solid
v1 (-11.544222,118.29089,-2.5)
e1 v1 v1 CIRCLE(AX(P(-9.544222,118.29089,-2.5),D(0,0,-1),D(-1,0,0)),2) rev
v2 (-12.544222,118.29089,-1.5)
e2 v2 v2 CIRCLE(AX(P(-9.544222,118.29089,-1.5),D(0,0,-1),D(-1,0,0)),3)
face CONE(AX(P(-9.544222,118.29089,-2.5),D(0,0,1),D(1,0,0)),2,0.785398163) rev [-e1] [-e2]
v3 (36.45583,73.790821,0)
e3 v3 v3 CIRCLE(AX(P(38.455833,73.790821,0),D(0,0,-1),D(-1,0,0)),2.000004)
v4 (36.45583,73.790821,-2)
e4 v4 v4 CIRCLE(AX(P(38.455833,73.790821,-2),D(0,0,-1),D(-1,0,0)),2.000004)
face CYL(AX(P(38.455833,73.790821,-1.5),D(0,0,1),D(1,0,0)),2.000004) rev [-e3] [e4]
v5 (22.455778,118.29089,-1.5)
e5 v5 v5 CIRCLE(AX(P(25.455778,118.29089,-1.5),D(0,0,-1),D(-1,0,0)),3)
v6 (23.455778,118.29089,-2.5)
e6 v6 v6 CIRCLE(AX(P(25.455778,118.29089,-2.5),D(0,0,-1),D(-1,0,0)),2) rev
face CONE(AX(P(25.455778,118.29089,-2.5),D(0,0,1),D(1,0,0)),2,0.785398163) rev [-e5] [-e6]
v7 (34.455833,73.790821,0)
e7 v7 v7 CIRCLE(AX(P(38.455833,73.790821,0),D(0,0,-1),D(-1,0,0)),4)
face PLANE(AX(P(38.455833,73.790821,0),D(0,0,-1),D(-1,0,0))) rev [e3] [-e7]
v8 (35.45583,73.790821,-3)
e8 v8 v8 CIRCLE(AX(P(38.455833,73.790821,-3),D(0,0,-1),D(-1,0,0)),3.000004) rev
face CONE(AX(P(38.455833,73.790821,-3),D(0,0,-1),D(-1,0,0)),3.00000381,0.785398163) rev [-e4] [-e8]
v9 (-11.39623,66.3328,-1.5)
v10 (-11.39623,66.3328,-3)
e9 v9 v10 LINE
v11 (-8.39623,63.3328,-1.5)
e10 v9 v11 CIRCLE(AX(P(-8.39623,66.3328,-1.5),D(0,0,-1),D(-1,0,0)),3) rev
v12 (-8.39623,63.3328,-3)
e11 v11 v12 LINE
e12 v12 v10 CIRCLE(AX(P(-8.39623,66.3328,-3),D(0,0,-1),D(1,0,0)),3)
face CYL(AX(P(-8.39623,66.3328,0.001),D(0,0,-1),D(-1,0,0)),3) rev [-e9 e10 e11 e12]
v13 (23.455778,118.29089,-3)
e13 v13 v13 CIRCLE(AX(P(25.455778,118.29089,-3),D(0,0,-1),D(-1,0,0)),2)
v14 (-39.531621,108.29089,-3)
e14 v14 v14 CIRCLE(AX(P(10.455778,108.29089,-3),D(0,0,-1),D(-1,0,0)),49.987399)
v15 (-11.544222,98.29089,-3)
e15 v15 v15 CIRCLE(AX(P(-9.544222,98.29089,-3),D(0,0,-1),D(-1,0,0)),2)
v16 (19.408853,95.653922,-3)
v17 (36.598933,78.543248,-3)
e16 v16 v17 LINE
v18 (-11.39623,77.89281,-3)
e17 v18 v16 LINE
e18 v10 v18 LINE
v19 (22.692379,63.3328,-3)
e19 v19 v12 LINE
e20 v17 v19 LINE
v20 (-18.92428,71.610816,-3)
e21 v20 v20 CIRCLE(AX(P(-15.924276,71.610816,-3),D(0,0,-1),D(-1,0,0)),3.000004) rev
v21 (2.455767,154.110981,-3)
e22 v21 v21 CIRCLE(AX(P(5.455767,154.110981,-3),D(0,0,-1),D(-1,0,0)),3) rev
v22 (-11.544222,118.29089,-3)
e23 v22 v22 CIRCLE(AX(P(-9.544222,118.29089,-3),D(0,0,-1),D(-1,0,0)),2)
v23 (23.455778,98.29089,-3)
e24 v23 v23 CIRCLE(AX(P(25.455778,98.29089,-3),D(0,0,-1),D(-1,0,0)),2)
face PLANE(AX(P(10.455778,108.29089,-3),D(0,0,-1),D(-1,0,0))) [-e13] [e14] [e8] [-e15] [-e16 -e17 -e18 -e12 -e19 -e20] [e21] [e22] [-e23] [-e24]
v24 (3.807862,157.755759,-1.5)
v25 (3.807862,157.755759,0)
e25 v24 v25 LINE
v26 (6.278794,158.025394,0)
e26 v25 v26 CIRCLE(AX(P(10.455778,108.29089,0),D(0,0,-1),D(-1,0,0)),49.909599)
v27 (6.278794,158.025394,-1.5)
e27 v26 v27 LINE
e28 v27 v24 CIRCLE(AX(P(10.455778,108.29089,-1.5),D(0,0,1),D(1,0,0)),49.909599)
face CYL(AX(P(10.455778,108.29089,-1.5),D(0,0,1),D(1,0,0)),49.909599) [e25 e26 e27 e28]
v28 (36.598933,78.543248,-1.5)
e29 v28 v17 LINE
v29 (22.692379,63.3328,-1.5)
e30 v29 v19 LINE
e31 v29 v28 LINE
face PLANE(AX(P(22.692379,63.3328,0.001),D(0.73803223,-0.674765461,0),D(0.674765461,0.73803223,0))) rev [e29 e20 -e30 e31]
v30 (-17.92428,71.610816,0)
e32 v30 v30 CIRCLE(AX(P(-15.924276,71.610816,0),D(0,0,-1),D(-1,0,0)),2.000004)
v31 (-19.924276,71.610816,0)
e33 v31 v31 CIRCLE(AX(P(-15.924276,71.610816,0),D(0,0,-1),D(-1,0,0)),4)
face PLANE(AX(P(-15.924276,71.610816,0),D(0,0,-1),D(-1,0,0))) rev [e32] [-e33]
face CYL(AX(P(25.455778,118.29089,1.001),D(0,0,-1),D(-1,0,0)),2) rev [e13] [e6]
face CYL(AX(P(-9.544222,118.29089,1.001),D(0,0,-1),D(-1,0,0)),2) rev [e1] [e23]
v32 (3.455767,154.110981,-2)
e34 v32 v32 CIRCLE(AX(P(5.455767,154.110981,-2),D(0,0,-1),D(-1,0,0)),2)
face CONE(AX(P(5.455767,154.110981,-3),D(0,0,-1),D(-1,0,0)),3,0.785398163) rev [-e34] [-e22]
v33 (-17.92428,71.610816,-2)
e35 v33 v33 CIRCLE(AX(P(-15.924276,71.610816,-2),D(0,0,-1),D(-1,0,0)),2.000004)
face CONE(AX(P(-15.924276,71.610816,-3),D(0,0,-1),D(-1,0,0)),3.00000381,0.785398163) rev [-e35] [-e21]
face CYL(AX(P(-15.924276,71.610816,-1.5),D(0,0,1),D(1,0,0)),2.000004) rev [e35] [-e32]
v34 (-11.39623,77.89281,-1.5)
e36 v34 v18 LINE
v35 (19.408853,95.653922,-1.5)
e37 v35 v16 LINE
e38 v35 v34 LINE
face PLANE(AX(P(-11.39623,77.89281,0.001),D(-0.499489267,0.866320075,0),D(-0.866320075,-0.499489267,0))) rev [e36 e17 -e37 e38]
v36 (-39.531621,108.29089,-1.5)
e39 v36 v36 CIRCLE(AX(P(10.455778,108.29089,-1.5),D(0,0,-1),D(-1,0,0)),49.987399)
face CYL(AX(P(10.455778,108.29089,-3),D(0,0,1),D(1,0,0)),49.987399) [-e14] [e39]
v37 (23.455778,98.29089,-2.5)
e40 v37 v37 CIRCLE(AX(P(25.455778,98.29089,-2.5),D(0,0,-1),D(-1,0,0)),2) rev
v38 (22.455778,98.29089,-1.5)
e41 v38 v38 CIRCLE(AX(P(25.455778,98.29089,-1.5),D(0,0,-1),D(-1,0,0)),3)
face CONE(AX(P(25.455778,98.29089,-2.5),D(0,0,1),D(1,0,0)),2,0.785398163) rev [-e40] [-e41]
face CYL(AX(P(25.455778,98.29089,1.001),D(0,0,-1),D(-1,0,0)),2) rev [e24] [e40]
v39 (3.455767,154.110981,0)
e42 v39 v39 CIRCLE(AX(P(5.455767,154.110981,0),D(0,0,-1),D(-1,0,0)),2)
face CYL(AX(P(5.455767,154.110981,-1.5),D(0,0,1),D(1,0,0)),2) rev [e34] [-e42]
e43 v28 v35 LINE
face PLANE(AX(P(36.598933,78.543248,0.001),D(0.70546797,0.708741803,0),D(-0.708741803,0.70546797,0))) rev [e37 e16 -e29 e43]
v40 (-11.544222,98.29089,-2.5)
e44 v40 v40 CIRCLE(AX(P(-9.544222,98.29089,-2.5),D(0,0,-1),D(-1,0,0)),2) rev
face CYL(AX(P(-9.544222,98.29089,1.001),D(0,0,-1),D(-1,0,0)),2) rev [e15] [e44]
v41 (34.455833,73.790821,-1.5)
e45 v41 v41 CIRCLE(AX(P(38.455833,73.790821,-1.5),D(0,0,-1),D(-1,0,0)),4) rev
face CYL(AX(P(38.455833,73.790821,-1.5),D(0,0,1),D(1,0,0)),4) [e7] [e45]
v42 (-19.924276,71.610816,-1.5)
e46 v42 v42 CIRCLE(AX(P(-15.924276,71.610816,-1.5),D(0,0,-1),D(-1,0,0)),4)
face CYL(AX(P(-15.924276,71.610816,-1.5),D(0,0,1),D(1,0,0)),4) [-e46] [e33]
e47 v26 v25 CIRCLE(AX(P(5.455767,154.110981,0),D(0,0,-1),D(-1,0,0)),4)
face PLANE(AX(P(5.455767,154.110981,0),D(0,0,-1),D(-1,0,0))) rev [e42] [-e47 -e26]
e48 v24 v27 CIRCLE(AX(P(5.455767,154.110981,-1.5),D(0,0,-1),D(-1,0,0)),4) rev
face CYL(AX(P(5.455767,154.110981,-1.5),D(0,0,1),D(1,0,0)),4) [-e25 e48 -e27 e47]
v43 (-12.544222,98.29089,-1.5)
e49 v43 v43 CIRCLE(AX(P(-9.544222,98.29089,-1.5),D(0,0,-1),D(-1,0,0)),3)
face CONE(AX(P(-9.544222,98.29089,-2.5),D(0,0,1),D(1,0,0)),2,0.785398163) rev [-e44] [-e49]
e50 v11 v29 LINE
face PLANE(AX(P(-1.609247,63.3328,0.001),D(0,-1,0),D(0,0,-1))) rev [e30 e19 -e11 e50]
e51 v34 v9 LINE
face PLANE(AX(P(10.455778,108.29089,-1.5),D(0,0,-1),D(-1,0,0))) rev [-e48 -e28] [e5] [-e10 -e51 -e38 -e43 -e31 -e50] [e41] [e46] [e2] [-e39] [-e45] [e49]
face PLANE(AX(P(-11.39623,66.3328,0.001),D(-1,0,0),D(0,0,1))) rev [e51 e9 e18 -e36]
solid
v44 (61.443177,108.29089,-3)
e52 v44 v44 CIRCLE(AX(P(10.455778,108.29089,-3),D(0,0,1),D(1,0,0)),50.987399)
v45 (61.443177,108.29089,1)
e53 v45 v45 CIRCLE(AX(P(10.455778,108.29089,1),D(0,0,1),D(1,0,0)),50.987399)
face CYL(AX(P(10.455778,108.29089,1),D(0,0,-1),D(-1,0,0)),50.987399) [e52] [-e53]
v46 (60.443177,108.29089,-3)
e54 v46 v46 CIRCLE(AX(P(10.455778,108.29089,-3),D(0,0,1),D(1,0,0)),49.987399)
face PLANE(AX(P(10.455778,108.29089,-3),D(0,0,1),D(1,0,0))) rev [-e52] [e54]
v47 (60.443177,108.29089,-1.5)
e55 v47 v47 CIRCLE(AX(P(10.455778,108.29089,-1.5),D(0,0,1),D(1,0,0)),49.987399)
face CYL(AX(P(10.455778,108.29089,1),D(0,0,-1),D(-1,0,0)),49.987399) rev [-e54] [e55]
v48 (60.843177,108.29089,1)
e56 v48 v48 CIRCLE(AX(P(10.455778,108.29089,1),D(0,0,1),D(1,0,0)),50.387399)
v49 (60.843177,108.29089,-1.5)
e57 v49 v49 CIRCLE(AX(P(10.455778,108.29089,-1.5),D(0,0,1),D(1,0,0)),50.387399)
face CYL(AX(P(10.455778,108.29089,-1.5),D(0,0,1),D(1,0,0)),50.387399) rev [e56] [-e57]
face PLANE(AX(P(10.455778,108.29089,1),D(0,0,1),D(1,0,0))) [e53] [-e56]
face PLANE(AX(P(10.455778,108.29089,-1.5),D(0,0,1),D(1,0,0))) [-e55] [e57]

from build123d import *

# Parameters (mm, degrees)
SKETCH1_R             = 4
SKETCH1_R_2           = 2.00000381
BOSS_EXTRUDE1_DEPTH   = 1.5
BOSS_EXTRUDE1_2_DEPTH = 1.5
SKETCH1_R_3           = 2
BOSS_EXTRUDE1_3_DEPTH = 1.5
SKETCH2_R             = 49.987399035
BOSS_EXTRUDE2_DEPTH   = 1.5
CUT_EXTRUDE1_REACH    = 171.433
SKETCH3_R             = 2
SKETCH3_R_2           = 2.00000381
CHAMFER1_SIZE         = 1
CUT_EXTRUDE7_REACH    = 171.453
SKETCH5_R             = 50.987399035
SKETCH5_R_2           = 49.987399035
BOSS_EXTRUDE3_DEPTH   = 4
SKETCH6_R             = 50.387399035
SKETCH6_R_2           = 49.909599328
CUT_EXTRUDE8_DEPTH    = 2.5
SKETCH7_R             = 2
CUT_EXTRUDE9_DEPTH    = 1.5
CHAMFER2_SIZE         = 1


with BuildPart() as part:
    # Sketch1 → Boss-Extrude1 (new body)
    with BuildSketch(Plane(origin=(0, 0, 0), x_dir=(-1, 0, 0), z_dir=(0, 0, -1))):
        with Locations((15.924275789, 71.610816006)):
            Circle(SKETCH1_R)
        with Locations((15.924275789, 71.610816006)):
            Circle(SKETCH1_R_2, mode=Mode.SUBTRACT)
    extrude(amount=BOSS_EXTRUDE1_DEPTH)



with BuildPart() as body_2:
    # Sketch1 → Boss-Extrude1 2 (new body)
    with BuildSketch(Plane(origin=(0, 0, 0), x_dir=(-1, 0, 0), z_dir=(0, 0, -1))):
        with Locations((-38.455833431, 73.790821086)):
            Circle(SKETCH1_R)
        with Locations((-38.455833431, 73.790821086)):
            Circle(SKETCH1_R_2, mode=Mode.SUBTRACT)
    extrude(amount=BOSS_EXTRUDE1_2_DEPTH)


with BuildPart() as body_3:
    # Sketch1 → Boss-Extrude1 3 (new body)
    with BuildSketch(Plane(origin=(0, 0, 0), x_dir=(-1, 0, 0), z_dir=(0, 0, -1))):
        with Locations((-5.455767391, 154.110981107)):
            Circle(SKETCH1_R)
        with Locations((-5.455767391, 154.110981107)):
            Circle(SKETCH1_R_3, mode=Mode.SUBTRACT)
    extrude(amount=BOSS_EXTRUDE1_3_DEPTH)


with BuildPart() as part_1:
    add(part.part)

    add(body_2.part)  # Boss-Extrude2 merges body 2

    add(body_3.part)  # Boss-Extrude2 merges body 3
    # Sketch2 → Boss-Extrude2 (add)
    with BuildSketch(Plane(origin=(0, 0, -1.5), x_dir=(-1, 0, 0), z_dir=(0, 0, -1))):
        with Locations(Location((-10.455777551, 108.290889666, 0), (0, 0, 84.857617519))):
            Circle(SKETCH2_R)
    extrude(amount=BOSS_EXTRUDE2_DEPTH)

    # Sketch3 → Cut-Extrude1 (cut, up to next)
    with BuildSketch(Plane.XY.offset(-1.5), mode=Mode.PRIVATE) as cut_extrude1_sk1:
        with Locations(Location((5.455767391, 154.110981107, 0), (0, 0, 180))):
            Circle(SKETCH3_R)
    cut_extrude1_tool1 = extrude(cut_extrude1_sk1.sketch, amount=-CUT_EXTRUDE1_REACH, mode=Mode.PRIVATE) & part_1.part
    # Sketch3 → Cut-Extrude1 (cut, up to next)
    with BuildSketch(Plane.XY.offset(-1.5), mode=Mode.PRIVATE) as cut_extrude1_sk2:
        with Locations(Location((-15.924275789, 71.610816006, 0), (0, 0, 180))):
            Circle(SKETCH3_R_2)
    cut_extrude1_tool2 = extrude(cut_extrude1_sk2.sketch, amount=-CUT_EXTRUDE1_REACH, mode=Mode.PRIVATE) & part_1.part
    # Sketch3 → Cut-Extrude1 (cut, up to next)
    with BuildSketch(Plane.XY.offset(-1.5), mode=Mode.PRIVATE) as cut_extrude1_sk3:
        with Locations(Location((38.455833431, 73.790821086, 0), (0, 0, 180))):
            Circle(SKETCH3_R_2)
    cut_extrude1_tool3 = extrude(cut_extrude1_sk3.sketch, amount=-CUT_EXTRUDE1_REACH, mode=Mode.PRIVATE) & part_1.part
    add(cut_extrude1_tool1.solids().sort_by_distance((5.455767, 154.110981, -1.5))[0], mode=Mode.SUBTRACT)
    add(cut_extrude1_tool2.solids().sort_by_distance((-15.924276, 71.610816, -1.5))[0], mode=Mode.SUBTRACT)
    add(cut_extrude1_tool3.solids().sort_by_distance((38.455833, 73.790821, -1.5))[0], mode=Mode.SUBTRACT)

    # Chamfer1
    chamfer1_edges = [part_1.edges().sort_by_distance(p)[0] for p in [
        (7.455767391, 154.110981107, -3),
        (-13.924271979, 71.610816006, -3),
        (40.455837241, 73.790821086, -3),
    ]]
    chamfer(chamfer1_edges, length=CHAMFER1_SIZE)

    # Sketch4 → Cut-Extrude7 (cut, up to next)
    with BuildSketch(Plane(origin=(0, 0, -3), x_dir=(-1, 0, 0), z_dir=(0, 0, -1)), mode=Mode.PRIVATE) as cut_extrude7_sk1:
        with BuildLine():
            Line((-36.598932893, 78.543247745), (-19.408853497, 95.653922432))
            Line((-19.408853497, 95.653922432), (11.396229527, 77.89280991))
            Line((11.396229527, 77.89280991), (11.396229527, 66.33279975))
            ThreePointArc((11.396229527, 66.33279975), (10.517549871, 64.211479407), (8.396229527, 63.33279975))
            Line((8.396229527, 63.33279975), (1.609246579, 63.33279975))
            Line((1.609246579, 63.33279975), (-22.692379024, 63.33279975))
            Line((-22.692379024, 63.33279975), (-36.598932893, 78.543247745))
        make_face()
    cut_extrude7_tool1 = extrude(cut_extrude7_sk1.sketch, amount=-CUT_EXTRUDE7_REACH, mode=Mode.PRIVATE) & part_1.part
    add(cut_extrude7_tool1.solids().sort_by_distance((11.68885, 76.427285, -3))[0], mode=Mode.SUBTRACT)


with BuildPart() as body_2_2:
    # Sketch5 → Boss-Extrude3 (new body)
    with BuildSketch(Plane(origin=(5.822978124, 110.39290389, -3), x_dir=(1, 0, 0), z_dir=(0, 0, 1))):
        with Locations((4.632799428, -2.102014224)):
            Circle(SKETCH5_R)
        with Locations((4.632799428, -2.102014224)):
            Circle(SKETCH5_R_2, mode=Mode.SUBTRACT)
    extrude(amount=BOSS_EXTRUDE3_DEPTH)


with BuildPart() as cut_extrude8_tool:
    # Sketch6 → Cut-Extrude8 (new body)
    with BuildSketch(Plane.XY.offset(1)):
        with Locations((10.455777551, 108.290889666)):
            Circle(SKETCH6_R)
        with Locations((10.455777551, 108.290889666)):
            Circle(SKETCH6_R_2, mode=Mode.SUBTRACT)
    extrude(amount=-CUT_EXTRUDE8_DEPTH)


with BuildPart() as part_2:
    add(part_1.part)

    # Cut-Extrude8: cut by cut_extrude8_tool
    add(cut_extrude8_tool.part, mode=Mode.SUBTRACT)

    # Sketch7 → Cut-Extrude9 (cut)
    with BuildSketch(Plane(origin=(0, 0, -3), x_dir=(-1, 0, 0), z_dir=(0, 0, -1))):
        with Locations((-25.455777551, 98.290889666)):
            Circle(SKETCH7_R)
        with Locations((9.544222449, 98.290889666)):
            Circle(SKETCH7_R)
        with Locations((-25.455777551, 118.290889666)):
            Circle(SKETCH7_R)
        with Locations((9.544222449, 118.290889666)):
            Circle(SKETCH7_R)
    extrude(amount=-CUT_EXTRUDE9_DEPTH, mode=Mode.SUBTRACT)

    # Chamfer2
    chamfer2_edges = [part_2.edges().sort_by_distance(p)[0] for p in [
        (-7.544222449, 98.290889666, -1.5),
        (27.455777551, 118.290889666, -1.5),
        (-7.544222449, 118.290889666, -1.5),
        (27.455777551, 98.290889666, -1.5),
    ]]
    chamfer(chamfer2_edges, length=CHAMFER2_SIZE)


with BuildPart() as body_2_2_1:
    add(body_2_2.part)

    # Cut-Extrude8: cut by cut_extrude8_tool
    add(cut_extrude8_tool.part, mode=Mode.SUBTRACT)


solid = Compound([part_2.part, body_2_2_1.part])
